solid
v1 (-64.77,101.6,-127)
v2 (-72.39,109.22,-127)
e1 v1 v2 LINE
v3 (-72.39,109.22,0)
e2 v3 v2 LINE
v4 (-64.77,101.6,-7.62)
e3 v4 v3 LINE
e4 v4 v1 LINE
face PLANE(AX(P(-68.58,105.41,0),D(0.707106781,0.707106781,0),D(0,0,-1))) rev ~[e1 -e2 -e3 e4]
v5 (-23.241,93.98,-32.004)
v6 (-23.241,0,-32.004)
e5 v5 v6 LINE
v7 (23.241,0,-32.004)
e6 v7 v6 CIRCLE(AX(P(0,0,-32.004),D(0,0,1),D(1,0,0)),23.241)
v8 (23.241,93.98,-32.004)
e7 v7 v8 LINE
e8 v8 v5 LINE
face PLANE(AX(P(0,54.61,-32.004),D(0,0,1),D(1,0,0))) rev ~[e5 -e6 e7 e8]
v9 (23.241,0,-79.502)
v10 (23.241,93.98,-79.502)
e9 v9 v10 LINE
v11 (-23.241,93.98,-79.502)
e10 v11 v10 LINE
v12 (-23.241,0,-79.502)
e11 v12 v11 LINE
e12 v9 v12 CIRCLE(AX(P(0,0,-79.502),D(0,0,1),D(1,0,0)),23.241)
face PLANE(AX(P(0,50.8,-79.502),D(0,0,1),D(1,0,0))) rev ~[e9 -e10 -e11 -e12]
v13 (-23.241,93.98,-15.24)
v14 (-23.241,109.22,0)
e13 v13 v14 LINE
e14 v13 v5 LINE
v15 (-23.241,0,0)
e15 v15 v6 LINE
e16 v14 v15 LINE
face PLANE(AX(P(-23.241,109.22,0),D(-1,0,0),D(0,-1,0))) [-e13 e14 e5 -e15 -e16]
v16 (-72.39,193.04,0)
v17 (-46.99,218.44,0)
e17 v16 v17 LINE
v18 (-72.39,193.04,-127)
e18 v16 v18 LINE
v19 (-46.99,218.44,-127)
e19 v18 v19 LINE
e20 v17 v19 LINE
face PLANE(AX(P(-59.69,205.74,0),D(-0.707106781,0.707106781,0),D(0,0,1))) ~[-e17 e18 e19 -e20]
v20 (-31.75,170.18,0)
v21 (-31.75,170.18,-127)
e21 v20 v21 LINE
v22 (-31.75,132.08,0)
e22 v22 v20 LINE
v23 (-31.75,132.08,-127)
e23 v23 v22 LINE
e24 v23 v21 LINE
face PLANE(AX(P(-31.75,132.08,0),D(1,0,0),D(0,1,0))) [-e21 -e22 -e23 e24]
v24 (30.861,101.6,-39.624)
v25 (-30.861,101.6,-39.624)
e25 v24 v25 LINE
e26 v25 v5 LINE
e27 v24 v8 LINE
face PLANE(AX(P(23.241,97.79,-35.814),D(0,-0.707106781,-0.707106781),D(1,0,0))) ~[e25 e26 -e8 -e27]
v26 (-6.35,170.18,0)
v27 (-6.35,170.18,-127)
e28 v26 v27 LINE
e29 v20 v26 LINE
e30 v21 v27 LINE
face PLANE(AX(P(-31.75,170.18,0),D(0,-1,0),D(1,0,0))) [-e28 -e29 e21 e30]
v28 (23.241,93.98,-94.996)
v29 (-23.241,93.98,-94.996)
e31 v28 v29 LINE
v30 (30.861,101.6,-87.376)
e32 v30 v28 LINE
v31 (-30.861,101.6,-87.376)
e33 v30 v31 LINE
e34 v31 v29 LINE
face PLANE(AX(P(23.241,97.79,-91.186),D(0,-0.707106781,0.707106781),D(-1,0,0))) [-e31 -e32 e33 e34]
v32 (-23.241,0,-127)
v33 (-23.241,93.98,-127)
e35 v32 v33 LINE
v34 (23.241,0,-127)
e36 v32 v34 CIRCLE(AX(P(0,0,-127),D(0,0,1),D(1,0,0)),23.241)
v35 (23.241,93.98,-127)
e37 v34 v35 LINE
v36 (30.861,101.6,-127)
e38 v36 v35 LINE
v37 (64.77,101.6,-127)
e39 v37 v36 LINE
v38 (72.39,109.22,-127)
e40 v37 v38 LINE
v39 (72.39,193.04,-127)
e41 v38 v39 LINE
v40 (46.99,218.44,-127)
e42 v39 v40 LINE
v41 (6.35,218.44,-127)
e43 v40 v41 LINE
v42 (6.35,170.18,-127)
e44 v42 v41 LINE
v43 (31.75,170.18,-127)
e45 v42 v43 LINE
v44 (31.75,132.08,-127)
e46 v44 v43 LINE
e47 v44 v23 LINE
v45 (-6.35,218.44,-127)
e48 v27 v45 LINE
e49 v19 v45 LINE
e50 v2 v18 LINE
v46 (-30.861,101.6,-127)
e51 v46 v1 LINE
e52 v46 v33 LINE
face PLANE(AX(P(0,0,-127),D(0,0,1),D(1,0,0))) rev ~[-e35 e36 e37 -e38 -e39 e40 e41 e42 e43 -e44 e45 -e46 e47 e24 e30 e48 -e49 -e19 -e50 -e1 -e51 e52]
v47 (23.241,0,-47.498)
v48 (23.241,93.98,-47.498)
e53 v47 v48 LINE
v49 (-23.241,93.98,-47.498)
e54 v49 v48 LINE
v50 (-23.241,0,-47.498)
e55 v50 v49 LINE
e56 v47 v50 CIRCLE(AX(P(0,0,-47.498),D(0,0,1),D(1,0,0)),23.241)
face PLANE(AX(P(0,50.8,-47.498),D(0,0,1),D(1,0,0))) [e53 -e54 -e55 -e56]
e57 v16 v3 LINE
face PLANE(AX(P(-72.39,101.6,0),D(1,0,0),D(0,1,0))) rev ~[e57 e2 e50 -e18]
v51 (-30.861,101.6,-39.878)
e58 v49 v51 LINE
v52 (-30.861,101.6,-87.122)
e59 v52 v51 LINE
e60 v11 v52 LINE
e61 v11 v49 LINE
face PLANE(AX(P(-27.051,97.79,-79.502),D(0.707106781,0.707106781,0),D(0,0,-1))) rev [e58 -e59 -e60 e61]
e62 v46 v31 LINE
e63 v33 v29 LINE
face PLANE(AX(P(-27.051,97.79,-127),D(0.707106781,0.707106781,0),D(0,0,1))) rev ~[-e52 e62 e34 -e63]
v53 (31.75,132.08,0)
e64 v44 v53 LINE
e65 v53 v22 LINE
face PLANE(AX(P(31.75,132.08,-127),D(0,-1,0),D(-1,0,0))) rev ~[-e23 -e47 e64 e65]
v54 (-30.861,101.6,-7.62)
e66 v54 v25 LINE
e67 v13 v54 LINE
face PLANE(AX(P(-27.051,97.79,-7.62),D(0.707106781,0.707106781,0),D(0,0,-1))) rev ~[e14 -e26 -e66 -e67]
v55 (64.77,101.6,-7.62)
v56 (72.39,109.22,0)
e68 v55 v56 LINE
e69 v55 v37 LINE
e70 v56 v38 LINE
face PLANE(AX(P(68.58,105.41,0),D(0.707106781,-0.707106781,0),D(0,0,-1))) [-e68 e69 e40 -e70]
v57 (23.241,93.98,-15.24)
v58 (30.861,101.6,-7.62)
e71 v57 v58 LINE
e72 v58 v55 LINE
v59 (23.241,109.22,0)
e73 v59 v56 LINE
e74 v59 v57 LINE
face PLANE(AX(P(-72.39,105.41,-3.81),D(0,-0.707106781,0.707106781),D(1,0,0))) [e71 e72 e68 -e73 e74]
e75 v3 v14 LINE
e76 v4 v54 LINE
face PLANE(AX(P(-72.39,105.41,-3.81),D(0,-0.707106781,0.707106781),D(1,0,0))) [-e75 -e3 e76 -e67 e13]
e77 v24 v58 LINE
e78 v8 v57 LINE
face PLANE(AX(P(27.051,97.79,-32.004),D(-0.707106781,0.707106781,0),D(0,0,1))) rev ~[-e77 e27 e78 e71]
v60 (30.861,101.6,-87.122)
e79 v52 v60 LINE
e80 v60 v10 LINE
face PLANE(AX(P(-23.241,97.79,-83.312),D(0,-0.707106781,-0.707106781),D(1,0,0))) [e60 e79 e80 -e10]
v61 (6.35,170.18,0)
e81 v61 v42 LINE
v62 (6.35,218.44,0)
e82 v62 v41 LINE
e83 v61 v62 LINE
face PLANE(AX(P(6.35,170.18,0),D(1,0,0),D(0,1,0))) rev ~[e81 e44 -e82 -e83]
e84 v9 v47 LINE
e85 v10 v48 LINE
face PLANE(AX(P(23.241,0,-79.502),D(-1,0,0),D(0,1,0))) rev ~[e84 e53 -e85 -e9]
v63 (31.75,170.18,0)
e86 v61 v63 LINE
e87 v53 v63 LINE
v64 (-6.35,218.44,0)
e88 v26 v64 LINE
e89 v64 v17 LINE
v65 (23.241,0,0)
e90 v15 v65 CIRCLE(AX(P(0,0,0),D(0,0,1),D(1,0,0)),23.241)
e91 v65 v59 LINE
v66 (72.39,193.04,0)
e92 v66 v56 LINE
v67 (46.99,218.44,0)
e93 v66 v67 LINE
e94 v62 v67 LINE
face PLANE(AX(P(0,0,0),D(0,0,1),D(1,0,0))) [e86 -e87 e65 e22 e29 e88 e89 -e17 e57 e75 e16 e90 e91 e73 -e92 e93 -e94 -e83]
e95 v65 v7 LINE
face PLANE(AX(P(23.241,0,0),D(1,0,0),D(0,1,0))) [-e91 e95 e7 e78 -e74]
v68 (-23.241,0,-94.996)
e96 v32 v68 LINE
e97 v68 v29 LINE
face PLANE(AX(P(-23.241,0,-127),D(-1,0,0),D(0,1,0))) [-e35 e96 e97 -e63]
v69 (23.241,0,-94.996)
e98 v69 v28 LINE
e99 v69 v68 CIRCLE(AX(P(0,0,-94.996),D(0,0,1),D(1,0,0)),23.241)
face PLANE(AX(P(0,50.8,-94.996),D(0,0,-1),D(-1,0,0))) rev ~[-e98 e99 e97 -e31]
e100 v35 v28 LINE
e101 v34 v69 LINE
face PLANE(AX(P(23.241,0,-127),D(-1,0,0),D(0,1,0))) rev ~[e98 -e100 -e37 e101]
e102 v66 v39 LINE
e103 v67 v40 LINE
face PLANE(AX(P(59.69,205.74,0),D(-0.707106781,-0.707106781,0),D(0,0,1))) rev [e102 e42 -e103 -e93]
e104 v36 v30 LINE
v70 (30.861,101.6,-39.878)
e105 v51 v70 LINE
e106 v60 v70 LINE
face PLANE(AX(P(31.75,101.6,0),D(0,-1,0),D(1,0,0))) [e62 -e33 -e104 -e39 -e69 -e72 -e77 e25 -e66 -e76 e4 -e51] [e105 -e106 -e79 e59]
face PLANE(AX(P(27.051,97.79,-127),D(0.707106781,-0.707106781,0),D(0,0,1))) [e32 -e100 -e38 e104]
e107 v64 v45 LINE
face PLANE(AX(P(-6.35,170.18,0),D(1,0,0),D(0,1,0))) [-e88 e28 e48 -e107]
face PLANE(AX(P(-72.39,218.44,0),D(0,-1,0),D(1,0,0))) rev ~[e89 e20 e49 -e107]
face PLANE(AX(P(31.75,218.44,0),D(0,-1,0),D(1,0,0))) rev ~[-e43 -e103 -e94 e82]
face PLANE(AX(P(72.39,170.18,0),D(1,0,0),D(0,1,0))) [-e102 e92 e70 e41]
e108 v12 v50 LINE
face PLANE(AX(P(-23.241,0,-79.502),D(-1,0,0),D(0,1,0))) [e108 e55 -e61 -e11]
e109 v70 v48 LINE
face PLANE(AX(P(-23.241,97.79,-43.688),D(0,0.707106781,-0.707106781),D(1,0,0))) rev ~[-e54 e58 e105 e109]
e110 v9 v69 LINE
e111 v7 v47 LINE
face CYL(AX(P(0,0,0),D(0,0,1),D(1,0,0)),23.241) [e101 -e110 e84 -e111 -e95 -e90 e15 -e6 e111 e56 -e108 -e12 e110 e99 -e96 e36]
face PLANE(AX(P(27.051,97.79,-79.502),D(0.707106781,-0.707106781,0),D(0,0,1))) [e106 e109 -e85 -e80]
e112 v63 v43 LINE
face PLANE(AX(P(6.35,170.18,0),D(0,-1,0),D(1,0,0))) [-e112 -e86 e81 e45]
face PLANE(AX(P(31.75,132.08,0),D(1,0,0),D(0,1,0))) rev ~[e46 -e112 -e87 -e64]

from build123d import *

# Parameters (mm, degrees)
SKETCH1_R                = 23.241
FTA_DEPTH                = 127
SKETCH2_W                = 46.482
SKETCH2_H                = 101.6
FTB_DEPTH                = 32.004
FTC_DEPTH                = 127
SKETCH4_W                = 40.64
SKETCH4_H                = 38.1
FTD1_DEPTH               = 127
SKETCH4_5_W              = 40.64
SKETCH4_5_H              = 38.1
FTD2_DEPTH               = 127
SKETCH5_W                = 25.4
SKETCH5_H                = 48.26
FTE_DEPTH                = 127
FTE_2_DEPTH              = 127
SKETCH6_W                = 40.64
SKETCH6_H                = 48.26
SKETCH6_H_2              = 30.48
FILLER_DEPTH             = 127
BOSS_EXTRUDE1_DEPTH      = 16.002
BOSS_EXTRUDE1_DEPTH_BACK = 16.002
SKETCH8_W                = 46.482
SKETCH8_H                = 101.6
CHAMFER1_SIZE            = 7.62
BOSS_EXTRUDE2_DEPTH      = 32.004
CHAMFER2_SIZE            = 25.4
CHAMFER3_SIZE            = 7.62


with BuildPart() as part:
    # Sketch1 → ftA (new body)
    with BuildSketch(Plane.XY):
        Circle(SKETCH1_R)
    extrude(amount=-FTA_DEPTH)


with BuildPart() as body_2:
    # Sketch2 → ftB (new body)
    with BuildSketch(Plane(origin=(0, 0, -127), x_dir=(-1, 0, 0), z_dir=(0, 0, -1))):
        with Locations((0, 50.8)):
            Rectangle(SKETCH2_W, SKETCH2_H)
    extrude(amount=-FTB_DEPTH)

    # Sketch3 → ftC (add)
    with BuildSketch(Plane(origin=(0, 0, -127), x_dir=(-1, 0, 0), z_dir=(0, 0, -1))):
        Polygon((-23.241, 101.6), (-31.75, 101.6), (-31.75, 132.08), (31.75, 132.08), (31.75, 101.6), (23.241, 101.6), align=None)
    extrude(amount=-FTC_DEPTH)



with BuildPart() as body_3:
    # Sketch4 → ftD1 (new body)
    with BuildSketch(Plane.XY):
        with Locations((52.07, 151.13)):
            Rectangle(SKETCH4_W, SKETCH4_H)
    extrude(amount=-FTD1_DEPTH)

    # Sketch4<5> → ftD2 (add)
    with BuildSketch(Plane.XY):
        with Locations((-52.07, 151.13)):
            Rectangle(SKETCH4_5_W, SKETCH4_5_H)
        with Locations((52.07, 151.13)):
            Rectangle(SKETCH4_5_W, SKETCH4_5_H)
    extrude(amount=-FTD2_DEPTH)


with BuildPart() as ftd2_piece_1:
    # of the separate pieces the step leaves, piece 1, a body of its own (ftd2_pieces)
    add(body_3.part.solids().sort_by_distance((31.75, 132.08, 0))[0])


with BuildPart() as ftd2_piece_2:
    # of the separate pieces the step leaves, piece 2, a body of its own (ftd2_pieces)
    add(body_3.part.solids().sort_by_distance((-31.75, 132.08, 0))[0])


with BuildPart() as body_5:
    # Sketch5 → ftE (new body)
    with BuildSketch(Plane.XY):
        with Locations((-19.05, 194.31)):
            Rectangle(SKETCH5_W, SKETCH5_H)
    extrude(amount=-FTE_DEPTH)


with BuildPart() as body_6:
    # Sketch5 → ftE 2 (new body)
    with BuildSketch(Plane.XY):
        with Locations((19.05, 194.31)):
            Rectangle(SKETCH5_W, SKETCH5_H)
    extrude(amount=-FTE_2_DEPTH)


with BuildPart() as body_2_1:
    add(body_2.part)

    add(ftd2_piece_1.part)  # Filler merges ftD2 piece 1

    add(ftd2_piece_2.part)  # Filler merges ftD2 piece 2

    add(body_5.part)  # Filler merges body 5

    add(body_6.part)  # Filler merges body 6
    # Sketch6 → Filler (add)
    with BuildSketch(Plane.XY):
        with Locations((52.07, 194.31)):
            Rectangle(SKETCH6_W, SKETCH6_H)
        with Locations((-52.07, 194.31)):
            Rectangle(SKETCH6_W, SKETCH6_H)
        with Locations((-52.07, 116.84)):
            Rectangle(SKETCH6_W, SKETCH6_H_2)
        with Locations((52.07, 116.84)):
            Rectangle(SKETCH6_W, SKETCH6_H_2)
    extrude(amount=-FILLER_DEPTH)

    # Combine3: union part
    add(part.part)

    # Sketch8 → Boss-Extrude1 (add, two sides: drawn at the far end of the back side and taken through both)
    with BuildSketch(Plane.XY.offset(-63.5).offset(-BOSS_EXTRUDE1_DEPTH_BACK)):
        with Locations((0, 50.8)):
            Rectangle(SKETCH8_W, SKETCH8_H)
    extrude(amount=BOSS_EXTRUDE1_DEPTH + BOSS_EXTRUDE1_DEPTH_BACK)

    # Chamfer1
    chamfer1_edges = [body_2_1.edges().sort_by_distance(p)[0] for p in [
        (72.39, 101.6, -63.5),
        (0, 101.6, -94.996),
        (-23.241, 101.6, -63.5),
        (0, 101.6, -79.502),
        (23.241, 101.6, -63.5),
        (0, 101.6, -47.498),
        (0, 101.6, 0),
        (-72.39, 101.6, -63.5),
        (23.241, 101.6, -110.998),
        (-23.241, 101.6, -110.998),
    ]]
    chamfer(chamfer1_edges, length=CHAMFER1_SIZE)

    # Sketch9 → Boss-Extrude2 (add)
    with BuildSketch(Plane.XY):
        Polygon((-23.241, 0), (23.241, 0), (23.241, 101.6), (23.241, 109.22), (-23.241, 109.22), (-23.241, 101.6), align=None)
    extrude(amount=-BOSS_EXTRUDE2_DEPTH)

    # Chamfer2
    chamfer2_edges = [body_2_1.edges().sort_by_distance(p)[0] for p in [
        (72.39, 218.44, -63.5),
        (-72.39, 218.44, -63.5),
    ]]
    chamfer(chamfer2_edges, length=CHAMFER2_SIZE)

    # Chamfer3
    chamfer3_edges = [body_2_1.edges().sort_by_distance(p)[0] for p in [
        (0, 101.6, -32.004),
        (-23.241, 101.6, -19.812),
        (23.241, 101.6, -19.812),
    ]]
    chamfer(chamfer3_edges, length=CHAMFER3_SIZE)


solid = body_2_1.part
